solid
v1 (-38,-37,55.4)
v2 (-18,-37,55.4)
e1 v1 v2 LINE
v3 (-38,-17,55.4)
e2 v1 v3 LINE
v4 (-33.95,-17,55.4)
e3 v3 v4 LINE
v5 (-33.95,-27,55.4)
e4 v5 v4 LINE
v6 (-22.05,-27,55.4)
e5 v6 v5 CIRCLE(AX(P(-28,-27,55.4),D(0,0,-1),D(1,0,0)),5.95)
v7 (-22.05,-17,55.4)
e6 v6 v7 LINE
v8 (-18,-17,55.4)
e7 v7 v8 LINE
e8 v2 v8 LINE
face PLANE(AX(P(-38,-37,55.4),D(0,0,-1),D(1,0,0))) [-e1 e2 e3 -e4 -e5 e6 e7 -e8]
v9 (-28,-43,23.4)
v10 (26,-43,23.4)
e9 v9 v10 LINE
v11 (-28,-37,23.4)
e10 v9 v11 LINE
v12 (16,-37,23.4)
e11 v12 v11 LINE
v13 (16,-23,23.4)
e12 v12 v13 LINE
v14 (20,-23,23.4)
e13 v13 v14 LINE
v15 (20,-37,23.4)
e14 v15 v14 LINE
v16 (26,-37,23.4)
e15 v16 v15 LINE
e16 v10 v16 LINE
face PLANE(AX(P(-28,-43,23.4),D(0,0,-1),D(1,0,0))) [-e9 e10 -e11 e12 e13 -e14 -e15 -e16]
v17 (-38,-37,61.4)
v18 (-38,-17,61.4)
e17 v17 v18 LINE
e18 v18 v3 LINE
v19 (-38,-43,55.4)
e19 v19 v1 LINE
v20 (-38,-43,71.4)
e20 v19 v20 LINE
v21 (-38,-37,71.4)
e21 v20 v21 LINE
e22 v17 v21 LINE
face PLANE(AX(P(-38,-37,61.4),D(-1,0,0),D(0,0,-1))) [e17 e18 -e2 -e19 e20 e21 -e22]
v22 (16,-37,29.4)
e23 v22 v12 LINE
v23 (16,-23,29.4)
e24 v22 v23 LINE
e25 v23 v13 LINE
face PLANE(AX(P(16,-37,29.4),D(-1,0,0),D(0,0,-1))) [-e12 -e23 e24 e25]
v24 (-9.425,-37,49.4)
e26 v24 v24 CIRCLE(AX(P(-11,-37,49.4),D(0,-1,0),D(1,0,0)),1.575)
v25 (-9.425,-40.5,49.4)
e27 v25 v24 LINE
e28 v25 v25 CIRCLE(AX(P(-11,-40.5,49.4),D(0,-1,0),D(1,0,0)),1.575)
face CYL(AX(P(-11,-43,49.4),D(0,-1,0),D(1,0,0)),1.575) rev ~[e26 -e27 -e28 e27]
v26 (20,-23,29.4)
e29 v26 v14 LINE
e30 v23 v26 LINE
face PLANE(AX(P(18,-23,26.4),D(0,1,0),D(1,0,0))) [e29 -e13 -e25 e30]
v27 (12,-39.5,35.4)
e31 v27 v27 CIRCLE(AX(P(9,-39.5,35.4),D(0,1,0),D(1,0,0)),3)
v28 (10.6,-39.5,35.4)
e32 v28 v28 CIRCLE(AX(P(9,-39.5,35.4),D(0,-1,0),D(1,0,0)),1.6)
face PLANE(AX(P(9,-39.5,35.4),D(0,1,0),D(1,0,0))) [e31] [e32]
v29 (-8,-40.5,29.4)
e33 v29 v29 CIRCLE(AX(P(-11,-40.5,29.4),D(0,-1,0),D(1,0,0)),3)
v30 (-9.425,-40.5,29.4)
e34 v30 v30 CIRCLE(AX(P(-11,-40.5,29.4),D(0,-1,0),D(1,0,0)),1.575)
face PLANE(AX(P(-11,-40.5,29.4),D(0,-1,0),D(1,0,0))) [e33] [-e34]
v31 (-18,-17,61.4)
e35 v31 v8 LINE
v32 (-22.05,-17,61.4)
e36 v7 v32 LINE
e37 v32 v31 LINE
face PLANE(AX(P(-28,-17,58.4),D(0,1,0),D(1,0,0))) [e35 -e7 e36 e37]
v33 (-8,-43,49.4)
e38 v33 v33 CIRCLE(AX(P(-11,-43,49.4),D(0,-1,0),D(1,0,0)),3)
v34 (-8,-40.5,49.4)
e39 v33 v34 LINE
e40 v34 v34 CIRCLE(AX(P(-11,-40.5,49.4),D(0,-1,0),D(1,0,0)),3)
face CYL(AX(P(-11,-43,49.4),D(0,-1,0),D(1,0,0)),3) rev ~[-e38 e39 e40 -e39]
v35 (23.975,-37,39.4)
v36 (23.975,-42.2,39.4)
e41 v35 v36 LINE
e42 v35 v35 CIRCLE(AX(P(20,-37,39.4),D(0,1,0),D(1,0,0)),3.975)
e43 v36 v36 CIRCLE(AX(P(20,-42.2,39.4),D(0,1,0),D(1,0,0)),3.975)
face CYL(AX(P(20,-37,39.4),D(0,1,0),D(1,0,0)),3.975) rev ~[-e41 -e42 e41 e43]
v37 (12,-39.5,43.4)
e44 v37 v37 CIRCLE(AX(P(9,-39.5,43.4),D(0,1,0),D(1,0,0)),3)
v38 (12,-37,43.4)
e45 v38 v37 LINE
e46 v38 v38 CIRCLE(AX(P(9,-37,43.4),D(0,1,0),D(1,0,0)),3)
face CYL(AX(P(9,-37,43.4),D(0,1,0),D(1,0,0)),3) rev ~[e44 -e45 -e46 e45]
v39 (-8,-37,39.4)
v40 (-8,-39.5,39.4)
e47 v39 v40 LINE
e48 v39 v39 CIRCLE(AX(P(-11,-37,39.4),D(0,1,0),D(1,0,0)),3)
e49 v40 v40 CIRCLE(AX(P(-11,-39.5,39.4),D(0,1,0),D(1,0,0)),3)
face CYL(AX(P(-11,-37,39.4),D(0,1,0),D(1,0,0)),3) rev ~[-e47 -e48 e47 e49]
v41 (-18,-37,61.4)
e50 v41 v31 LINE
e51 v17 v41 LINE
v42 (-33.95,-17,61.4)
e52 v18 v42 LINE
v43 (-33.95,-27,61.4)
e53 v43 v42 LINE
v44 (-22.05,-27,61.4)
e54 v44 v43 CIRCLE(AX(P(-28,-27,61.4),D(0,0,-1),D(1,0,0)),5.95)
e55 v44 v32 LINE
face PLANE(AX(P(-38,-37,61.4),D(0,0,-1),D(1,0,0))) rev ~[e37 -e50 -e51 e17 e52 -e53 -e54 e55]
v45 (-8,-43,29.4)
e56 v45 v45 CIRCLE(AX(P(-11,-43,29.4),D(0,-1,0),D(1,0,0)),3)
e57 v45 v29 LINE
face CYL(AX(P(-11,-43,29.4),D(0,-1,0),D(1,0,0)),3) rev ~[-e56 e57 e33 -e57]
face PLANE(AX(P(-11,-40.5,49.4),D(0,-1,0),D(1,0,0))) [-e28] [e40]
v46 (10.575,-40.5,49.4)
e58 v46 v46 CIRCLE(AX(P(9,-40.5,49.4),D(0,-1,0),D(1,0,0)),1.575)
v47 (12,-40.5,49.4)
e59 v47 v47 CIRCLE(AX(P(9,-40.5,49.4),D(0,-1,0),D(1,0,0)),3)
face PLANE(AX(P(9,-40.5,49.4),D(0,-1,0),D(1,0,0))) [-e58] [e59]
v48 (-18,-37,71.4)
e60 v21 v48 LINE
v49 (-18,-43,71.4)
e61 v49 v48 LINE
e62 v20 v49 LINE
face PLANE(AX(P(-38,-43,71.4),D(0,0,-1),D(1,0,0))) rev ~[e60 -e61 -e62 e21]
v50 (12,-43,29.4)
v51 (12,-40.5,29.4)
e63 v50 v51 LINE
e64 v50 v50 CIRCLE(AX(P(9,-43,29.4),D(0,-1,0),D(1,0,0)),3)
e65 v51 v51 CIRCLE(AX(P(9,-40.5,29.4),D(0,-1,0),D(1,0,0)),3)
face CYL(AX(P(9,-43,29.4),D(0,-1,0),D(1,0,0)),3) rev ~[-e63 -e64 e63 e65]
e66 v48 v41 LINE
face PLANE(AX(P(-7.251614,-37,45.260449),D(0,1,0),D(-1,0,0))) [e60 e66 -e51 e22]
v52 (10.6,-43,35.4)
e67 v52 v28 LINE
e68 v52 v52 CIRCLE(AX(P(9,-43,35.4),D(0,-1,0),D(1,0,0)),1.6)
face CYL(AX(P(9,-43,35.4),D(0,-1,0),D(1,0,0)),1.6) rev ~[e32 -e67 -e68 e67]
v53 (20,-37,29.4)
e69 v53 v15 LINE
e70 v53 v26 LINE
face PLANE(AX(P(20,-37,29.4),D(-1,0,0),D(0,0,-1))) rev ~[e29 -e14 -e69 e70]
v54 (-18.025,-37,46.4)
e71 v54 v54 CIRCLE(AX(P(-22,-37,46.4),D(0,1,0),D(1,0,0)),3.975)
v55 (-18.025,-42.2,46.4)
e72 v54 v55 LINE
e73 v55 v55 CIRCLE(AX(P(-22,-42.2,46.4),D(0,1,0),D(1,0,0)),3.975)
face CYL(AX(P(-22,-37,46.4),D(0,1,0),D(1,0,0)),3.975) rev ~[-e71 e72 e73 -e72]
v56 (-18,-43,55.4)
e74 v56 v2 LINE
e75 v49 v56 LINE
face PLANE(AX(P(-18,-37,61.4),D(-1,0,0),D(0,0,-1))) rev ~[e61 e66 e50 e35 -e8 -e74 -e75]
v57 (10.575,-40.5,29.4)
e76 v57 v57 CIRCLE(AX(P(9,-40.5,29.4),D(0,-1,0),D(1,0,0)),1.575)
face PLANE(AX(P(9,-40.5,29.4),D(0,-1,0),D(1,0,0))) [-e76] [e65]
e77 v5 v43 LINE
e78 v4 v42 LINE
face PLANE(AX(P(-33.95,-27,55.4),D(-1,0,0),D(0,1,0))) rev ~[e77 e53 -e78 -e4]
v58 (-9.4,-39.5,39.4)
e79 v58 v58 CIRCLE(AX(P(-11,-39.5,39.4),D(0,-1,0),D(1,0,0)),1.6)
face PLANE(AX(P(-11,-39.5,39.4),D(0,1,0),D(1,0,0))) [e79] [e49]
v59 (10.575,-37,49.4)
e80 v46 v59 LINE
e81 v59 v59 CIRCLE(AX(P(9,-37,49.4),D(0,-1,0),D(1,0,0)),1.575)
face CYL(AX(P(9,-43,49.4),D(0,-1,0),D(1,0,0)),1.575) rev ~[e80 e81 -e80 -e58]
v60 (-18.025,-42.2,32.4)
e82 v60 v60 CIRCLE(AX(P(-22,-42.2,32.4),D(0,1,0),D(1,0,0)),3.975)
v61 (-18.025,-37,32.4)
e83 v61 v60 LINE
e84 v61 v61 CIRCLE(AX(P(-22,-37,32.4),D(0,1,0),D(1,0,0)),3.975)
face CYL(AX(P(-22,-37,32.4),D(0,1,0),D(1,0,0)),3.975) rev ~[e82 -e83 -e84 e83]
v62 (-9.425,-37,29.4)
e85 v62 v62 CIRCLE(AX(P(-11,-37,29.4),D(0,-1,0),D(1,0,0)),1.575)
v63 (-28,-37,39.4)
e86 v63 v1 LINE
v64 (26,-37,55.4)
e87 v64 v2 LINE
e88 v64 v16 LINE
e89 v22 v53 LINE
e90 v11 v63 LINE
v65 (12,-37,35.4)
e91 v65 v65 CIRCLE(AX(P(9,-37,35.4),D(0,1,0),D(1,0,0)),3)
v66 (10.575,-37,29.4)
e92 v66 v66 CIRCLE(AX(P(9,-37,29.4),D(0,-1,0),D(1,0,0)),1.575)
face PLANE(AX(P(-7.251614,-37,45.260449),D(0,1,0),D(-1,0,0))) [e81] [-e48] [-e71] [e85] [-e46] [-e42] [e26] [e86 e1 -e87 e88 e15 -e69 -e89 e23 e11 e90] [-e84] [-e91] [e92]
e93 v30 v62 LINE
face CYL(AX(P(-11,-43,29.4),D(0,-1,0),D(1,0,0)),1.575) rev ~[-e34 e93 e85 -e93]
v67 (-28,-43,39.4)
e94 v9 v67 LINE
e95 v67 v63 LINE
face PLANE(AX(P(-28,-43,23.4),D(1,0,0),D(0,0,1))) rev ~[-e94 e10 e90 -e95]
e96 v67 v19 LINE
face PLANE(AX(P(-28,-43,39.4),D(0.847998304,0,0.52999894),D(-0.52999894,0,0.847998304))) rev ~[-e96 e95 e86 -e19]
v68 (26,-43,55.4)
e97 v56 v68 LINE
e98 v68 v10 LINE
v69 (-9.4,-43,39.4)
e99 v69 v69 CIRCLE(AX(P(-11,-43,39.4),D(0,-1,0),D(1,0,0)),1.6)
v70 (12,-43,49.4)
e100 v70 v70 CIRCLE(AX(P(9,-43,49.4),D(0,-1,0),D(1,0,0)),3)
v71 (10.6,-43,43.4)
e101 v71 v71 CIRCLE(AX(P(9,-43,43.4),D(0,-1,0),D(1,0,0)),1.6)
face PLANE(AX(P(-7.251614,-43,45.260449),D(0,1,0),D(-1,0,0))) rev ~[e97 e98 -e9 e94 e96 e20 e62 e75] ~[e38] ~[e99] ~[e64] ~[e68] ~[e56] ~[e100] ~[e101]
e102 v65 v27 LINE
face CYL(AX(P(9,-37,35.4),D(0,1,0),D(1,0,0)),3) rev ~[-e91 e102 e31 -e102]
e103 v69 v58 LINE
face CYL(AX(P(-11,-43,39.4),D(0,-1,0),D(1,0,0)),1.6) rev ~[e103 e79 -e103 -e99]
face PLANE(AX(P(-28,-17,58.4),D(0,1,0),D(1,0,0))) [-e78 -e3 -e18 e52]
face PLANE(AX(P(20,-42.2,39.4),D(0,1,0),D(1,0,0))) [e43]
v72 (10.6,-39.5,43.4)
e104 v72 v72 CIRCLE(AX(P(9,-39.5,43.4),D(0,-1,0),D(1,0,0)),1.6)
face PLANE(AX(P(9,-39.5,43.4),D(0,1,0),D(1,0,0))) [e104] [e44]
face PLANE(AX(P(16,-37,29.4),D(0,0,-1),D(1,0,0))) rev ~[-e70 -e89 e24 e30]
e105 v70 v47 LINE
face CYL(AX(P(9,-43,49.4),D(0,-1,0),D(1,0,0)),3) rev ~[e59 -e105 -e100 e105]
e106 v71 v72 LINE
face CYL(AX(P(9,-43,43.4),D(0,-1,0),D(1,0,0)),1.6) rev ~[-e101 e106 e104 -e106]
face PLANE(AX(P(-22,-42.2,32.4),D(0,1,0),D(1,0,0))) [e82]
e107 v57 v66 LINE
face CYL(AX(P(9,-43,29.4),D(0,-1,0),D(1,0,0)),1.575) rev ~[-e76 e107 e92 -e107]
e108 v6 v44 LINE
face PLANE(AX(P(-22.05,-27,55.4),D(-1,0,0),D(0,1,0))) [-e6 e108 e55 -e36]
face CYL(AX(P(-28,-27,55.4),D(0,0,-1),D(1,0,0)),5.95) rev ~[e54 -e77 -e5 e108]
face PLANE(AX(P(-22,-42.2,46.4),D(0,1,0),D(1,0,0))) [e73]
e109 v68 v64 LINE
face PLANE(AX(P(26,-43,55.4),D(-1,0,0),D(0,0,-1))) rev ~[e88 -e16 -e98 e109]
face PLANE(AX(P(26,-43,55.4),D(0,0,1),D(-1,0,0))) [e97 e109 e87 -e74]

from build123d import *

# Parameters (mm, degrees)
SKETCH033_W     = 30
SKETCH033_H     = 32
PAD023_DEPTH    = 6
PAD024_DEPTH    = 6
SKETCH035_R     = 1.575
POCKET011_DEPTH = 6
SKETCH045_W     = 20
SKETCH045_H     = 6
PAD030_DEPTH    = 20
POCKET016_DEPTH = 12
SKETCH047_R     = 1.6
POCKET017_DEPTH = 6
SKETCH048_R     = 3
POCKET018_DEPTH = 2.5
SKETCH049_R     = 3
POCKET019_DEPTH = 2.5
SKETCH084_W     = 4
SKETCH084_H     = 6
PAD049_DEPTH    = 14
SKETCH085_R     = 3.975
POCKET036_DEPTH = 5.2


with BuildPart() as part:
    # Sketch033 → Pad023 (new body)
    with BuildSketch(Plane.XZ):
        Rectangle(SKETCH033_W, SKETCH033_H)
    extrude(amount=PAD023_DEPTH)

    # Sketch034 (on Face6 of Pad023) → Pad024 (join)
    with BuildSketch(Plane.XZ.offset(6)):
        Polygon((-15, 16), (15, 16), (27, 16), (27, -16), (15, -16), (-15, -16), (-27, -16), (-27, 0), (-37, 16), (-37, 32), (-17, 32), (-17, 16), align=None)
    extrude(amount=-PAD024_DEPTH)

    # Sketch035 (on Face9 of Pad024) → Pocket011 (cut)
    with BuildSketch(Plane.XZ.offset(6)):
        with Locations((-10, 10)):
            Circle(SKETCH035_R)
        with Locations((10, 10)):
            Circle(SKETCH035_R)
        with Locations((10, -10)):
            Circle(SKETCH035_R)
        with Locations((-10, -10)):
            Circle(SKETCH035_R)
    extrude(amount=-POCKET011_DEPTH, mode=Mode.SUBTRACT)

    # Sketch045 → Pad030 (join)
    with BuildSketch(Plane(origin=(0, 0, 0), x_dir=(1, 0, 0), z_dir=(0, 1, 0))):
        with Locations((-27, -19)):
            Rectangle(SKETCH045_W, SKETCH045_H)
    extrude(amount=PAD030_DEPTH)

    # Sketch046 (on Face13 of Pad030) → Pocket016 (cut)
    with BuildSketch(Plane(origin=(0, 0, 16), x_dir=(1, 0, 0), z_dir=(0, 0, -1))):
        with BuildLine():
            ThreePointArc((-21.05, -10), (-27, -4.05), (-32.95, -10))
            Line((-32.95, -10), (-32.95, -25))
            ThreePointArc((-32.95, -25), (-27, -30.95), (-21.05, -25))
            Line((-21.05, -10), (-21.05, -25))
        make_face()
    extrude(amount=-POCKET016_DEPTH, mode=Mode.SUBTRACT)

    # Sketch047 (on Face4 of Pocket016) → Pocket017 (cut)
    with BuildSketch(Plane.XZ.offset(6)):
        with Locations((10, -4)):
            Circle(SKETCH047_R)
        with Locations((10, 4)):
            Circle(SKETCH047_R)
        with Locations((-10, 0)):
            Circle(SKETCH047_R)
    extrude(amount=-POCKET017_DEPTH, mode=Mode.SUBTRACT)

    # Sketch048 (on Face4 of Pocket017) → Pocket018 (cut)
    with BuildSketch(Plane.XZ.offset(6)):
        with Locations((-10, 10)):
            Circle(SKETCH048_R)
        with Locations((10, 10)):
            Circle(SKETCH048_R)
        with Locations((10, -10)):
            Circle(SKETCH048_R)
        with Locations((-10, -10)):
            Circle(SKETCH048_R)
    extrude(amount=-POCKET018_DEPTH, mode=Mode.SUBTRACT)

    # Sketch049 (on Face5 of Pocket018) → Pocket019 (cut)
    with BuildSketch(Plane(origin=(0, 0, 0), x_dir=(1, 0, 0), z_dir=(0, 1, 0))):
        with Locations((-10, 0)):
            Circle(SKETCH049_R)
        with Locations((10, 4)):
            Circle(SKETCH049_R)
        with Locations((10, -4)):
            Circle(SKETCH049_R)
    extrude(amount=-POCKET019_DEPTH, mode=Mode.SUBTRACT)

    # Sketch084 (on Face8 of Pad024) → Pad049 (join)
    with BuildSketch(Plane(origin=(0, 0, 0), x_dir=(1, 0, 0), z_dir=(0, 1, 0))):
        with Locations((19, 13)):
            Rectangle(SKETCH084_W, SKETCH084_H)
    extrude(amount=PAD049_DEPTH)

    # Sketch085 (on Face4 of Pad049) → Pocket036 (cut)
    with BuildSketch(Plane(origin=(0, 0, 0), x_dir=(1, 0, 0), z_dir=(0, 1, 0))):
        with Locations((21, 0)):
            Circle(SKETCH085_R)
        with Locations((-21, 7)):
            Circle(SKETCH085_R)
        with Locations((-21, -7)):
            Circle(SKETCH085_R)
    extrude(amount=-POCKET036_DEPTH, mode=Mode.SUBTRACT)


with BuildPart() as part_1:
    # Body005 placement: moved
    add(part.part.moved(Location((-1, -37, 39.4))))


solid = part_1.part
